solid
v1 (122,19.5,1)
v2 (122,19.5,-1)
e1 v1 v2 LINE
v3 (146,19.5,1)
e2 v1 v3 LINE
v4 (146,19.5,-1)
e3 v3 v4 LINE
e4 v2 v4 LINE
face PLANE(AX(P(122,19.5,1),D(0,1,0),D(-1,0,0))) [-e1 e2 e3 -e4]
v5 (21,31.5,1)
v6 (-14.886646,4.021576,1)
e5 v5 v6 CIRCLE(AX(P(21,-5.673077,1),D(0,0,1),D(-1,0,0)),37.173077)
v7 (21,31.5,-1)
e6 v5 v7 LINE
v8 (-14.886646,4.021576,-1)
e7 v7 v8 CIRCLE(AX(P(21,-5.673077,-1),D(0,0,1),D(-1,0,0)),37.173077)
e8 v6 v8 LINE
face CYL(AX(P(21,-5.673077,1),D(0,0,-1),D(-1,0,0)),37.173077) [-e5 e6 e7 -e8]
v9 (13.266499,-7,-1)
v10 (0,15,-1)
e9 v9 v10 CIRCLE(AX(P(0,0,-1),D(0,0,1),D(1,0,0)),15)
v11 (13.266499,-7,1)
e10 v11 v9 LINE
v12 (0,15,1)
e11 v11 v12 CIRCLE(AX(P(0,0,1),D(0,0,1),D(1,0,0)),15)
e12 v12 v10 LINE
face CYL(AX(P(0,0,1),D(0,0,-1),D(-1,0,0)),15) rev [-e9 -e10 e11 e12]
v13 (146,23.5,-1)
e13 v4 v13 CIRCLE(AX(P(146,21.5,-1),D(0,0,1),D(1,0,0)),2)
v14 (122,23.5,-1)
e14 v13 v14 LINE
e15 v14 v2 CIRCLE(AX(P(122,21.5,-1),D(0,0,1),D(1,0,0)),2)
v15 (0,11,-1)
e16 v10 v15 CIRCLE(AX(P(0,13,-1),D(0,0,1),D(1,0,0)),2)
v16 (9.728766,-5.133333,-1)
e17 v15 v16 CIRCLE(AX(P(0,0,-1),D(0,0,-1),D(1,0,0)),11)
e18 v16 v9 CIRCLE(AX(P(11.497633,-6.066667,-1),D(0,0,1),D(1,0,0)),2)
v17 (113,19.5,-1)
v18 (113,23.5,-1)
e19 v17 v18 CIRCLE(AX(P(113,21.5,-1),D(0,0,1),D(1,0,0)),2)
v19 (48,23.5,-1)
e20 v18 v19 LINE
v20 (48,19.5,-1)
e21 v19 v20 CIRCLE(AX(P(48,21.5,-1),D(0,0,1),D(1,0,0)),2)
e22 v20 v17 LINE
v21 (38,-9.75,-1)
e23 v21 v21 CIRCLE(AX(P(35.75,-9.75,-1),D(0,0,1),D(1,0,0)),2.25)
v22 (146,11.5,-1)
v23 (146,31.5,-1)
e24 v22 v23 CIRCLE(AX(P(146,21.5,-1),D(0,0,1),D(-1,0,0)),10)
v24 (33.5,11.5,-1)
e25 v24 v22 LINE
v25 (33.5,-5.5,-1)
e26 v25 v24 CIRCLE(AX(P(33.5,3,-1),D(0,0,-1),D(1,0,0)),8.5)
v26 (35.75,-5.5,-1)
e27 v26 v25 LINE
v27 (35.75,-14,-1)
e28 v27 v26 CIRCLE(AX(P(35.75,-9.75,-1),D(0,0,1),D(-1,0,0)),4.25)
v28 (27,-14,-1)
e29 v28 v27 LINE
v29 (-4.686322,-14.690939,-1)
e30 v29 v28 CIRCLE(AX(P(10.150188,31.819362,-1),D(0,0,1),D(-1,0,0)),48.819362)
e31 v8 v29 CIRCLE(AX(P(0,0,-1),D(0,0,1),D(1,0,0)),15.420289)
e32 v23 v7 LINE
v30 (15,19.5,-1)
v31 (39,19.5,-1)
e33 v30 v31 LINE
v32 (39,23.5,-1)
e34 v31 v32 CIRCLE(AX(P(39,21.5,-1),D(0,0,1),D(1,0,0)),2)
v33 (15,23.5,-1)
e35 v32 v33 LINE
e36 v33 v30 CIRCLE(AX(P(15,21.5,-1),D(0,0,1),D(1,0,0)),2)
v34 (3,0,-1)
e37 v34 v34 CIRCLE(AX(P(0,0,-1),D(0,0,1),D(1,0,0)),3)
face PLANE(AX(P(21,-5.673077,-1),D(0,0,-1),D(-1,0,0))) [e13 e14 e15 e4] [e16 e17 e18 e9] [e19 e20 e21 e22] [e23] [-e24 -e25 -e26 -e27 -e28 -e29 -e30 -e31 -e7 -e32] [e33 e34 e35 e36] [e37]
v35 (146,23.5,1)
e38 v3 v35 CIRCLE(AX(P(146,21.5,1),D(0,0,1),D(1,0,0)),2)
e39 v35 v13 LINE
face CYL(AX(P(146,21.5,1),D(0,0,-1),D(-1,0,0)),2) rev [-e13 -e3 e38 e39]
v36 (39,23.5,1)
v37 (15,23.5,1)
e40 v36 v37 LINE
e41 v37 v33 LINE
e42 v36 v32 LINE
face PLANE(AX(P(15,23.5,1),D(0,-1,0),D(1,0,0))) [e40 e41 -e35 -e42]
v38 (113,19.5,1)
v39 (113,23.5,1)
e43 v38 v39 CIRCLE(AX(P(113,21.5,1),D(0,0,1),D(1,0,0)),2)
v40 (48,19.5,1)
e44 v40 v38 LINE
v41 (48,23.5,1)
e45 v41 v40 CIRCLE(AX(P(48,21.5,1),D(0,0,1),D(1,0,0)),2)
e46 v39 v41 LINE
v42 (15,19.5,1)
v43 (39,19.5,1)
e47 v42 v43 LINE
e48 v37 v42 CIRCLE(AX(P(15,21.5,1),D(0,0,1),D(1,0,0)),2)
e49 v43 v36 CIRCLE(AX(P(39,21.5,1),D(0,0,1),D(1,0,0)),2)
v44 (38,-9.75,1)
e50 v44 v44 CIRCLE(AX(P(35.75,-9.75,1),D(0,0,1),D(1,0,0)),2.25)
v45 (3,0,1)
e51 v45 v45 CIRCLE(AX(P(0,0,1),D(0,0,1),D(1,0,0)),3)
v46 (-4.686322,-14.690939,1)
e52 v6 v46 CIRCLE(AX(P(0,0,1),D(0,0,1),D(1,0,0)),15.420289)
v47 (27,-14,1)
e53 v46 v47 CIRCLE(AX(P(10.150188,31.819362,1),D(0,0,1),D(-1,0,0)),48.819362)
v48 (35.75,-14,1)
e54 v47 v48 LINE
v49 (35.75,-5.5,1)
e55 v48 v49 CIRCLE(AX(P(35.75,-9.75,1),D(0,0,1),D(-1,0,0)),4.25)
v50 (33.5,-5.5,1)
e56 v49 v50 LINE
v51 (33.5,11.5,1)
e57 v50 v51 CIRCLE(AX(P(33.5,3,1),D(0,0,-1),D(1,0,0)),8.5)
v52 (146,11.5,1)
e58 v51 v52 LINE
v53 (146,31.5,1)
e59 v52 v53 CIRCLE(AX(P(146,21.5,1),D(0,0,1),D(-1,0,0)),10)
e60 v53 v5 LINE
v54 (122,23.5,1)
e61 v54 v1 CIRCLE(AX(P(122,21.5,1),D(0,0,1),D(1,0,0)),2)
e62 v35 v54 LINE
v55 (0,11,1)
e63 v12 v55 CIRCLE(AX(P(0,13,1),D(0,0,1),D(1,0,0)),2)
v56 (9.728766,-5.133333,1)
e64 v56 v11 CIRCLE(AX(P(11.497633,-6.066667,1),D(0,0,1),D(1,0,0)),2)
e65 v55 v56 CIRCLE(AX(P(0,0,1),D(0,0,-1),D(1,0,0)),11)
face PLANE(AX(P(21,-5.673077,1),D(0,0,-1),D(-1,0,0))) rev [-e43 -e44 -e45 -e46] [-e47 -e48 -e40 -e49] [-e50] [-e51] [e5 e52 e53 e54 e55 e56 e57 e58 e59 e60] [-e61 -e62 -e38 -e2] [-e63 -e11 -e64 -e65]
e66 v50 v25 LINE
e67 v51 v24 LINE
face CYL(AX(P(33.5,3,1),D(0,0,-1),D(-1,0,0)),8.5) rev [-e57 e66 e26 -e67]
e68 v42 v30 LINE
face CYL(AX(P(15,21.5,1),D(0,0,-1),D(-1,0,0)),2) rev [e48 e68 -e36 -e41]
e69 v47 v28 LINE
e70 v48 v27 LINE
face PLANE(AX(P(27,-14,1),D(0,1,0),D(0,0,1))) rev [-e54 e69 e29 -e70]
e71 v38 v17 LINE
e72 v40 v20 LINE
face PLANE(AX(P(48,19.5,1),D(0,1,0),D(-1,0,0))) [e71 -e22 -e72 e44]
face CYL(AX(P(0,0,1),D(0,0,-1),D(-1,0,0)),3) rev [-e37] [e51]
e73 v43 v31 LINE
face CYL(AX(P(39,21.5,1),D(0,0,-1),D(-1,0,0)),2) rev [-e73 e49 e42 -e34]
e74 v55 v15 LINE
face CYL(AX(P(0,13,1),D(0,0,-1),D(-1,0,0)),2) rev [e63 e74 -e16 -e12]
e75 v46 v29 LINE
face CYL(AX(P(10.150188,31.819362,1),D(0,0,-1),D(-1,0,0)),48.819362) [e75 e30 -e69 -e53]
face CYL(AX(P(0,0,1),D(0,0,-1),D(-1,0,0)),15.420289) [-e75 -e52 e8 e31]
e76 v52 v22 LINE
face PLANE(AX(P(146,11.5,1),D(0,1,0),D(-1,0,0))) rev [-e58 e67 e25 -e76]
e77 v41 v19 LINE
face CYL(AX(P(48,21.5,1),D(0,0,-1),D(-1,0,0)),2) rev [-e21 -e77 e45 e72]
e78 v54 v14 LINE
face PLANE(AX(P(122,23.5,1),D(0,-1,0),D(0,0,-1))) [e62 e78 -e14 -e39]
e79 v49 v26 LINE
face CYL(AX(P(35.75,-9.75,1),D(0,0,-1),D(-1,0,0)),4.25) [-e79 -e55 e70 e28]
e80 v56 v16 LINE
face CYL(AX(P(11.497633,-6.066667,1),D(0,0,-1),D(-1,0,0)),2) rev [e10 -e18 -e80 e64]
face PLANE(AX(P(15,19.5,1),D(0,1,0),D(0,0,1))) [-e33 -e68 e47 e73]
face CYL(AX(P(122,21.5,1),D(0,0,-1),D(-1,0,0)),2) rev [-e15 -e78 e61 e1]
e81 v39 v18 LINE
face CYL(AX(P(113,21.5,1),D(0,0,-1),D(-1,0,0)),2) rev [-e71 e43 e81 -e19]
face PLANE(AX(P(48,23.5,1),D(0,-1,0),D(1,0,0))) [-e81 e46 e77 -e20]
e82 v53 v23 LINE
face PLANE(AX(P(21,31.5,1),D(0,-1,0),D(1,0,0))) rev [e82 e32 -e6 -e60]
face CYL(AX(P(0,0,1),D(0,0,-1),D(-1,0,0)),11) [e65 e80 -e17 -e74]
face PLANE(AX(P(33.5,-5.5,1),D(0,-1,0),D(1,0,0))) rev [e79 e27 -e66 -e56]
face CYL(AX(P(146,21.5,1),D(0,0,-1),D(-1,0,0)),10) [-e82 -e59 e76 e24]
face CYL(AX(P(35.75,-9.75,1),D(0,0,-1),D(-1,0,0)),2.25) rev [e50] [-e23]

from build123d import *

# Parameters (mm, degrees)
ESQUISSE1_R        = 2.25
ESQUISSE1_R_2      = 3
BOSS_EXTRU_1_DEPTH = 1


with BuildPart() as part:
    # Esquisse1 → Boss.-Extru.1 (new, symmetric)
    with BuildSketch(Plane.XY):
        with BuildLine():
            Line((21, 31.5), (146, 31.5))
            ThreePointArc((146, 31.5), (156, 21.5), (146, 11.5))
            Line((146, 11.5), (33.5, 11.5))
            ThreePointArc((33.5, 11.5), (25, 3), (33.5, -5.5))
            Line((33.5, -5.5), (35.75, -5.5))
            ThreePointArc((35.75, -5.5), (40, -9.75), (35.75, -14))
            Line((35.75, -14), (27, -14))
            ThreePointArc((27, -14), (11.214469473, -16.988397735), (-4.686322253, -14.690938802))
            ThreePointArc((-4.686322253, -14.690938802), (-13.539380352, -7.380411831), (-14.886645987, 4.02157561))
            ThreePointArc((-14.886645987, 4.02157561), (-1.599309542, 23.841476371), (21, 31.5))
        make_face()
        with Locations((35.75, -9.75)):
            Circle(ESQUISSE1_R, mode=Mode.SUBTRACT)
        Circle(ESQUISSE1_R_2, mode=Mode.SUBTRACT)
        with BuildLine():
            Line((15, 23.5), (39, 23.5))
            ThreePointArc((39, 23.5), (41, 21.5), (39, 19.5))
            Line((39, 19.5), (15, 19.5))
            ThreePointArc((15, 19.5), (13, 21.5), (15, 23.5))
        make_face(mode=Mode.SUBTRACT)
        with BuildLine():
            Line((48, 23.5), (113, 23.5))
            ThreePointArc((113, 23.5), (115, 21.5), (113, 19.5))
            Line((113, 19.5), (48, 19.5))
            ThreePointArc((48, 19.5), (46, 21.5), (48, 23.5))
        make_face(mode=Mode.SUBTRACT)
        with BuildLine():
            Line((122, 23.5), (146, 23.5))
            ThreePointArc((146, 23.5), (148, 21.5), (146, 19.5))
            Line((146, 19.5), (122, 19.5))
            ThreePointArc((122, 19.5), (120, 21.5), (122, 23.5))
        make_face(mode=Mode.SUBTRACT)
        with BuildLine():
            ThreePointArc((13.266499161, -7), (12.845232579, 7.745966692), (0, 15))
            ThreePointArc((0, 15), (-2, 13), (0, 11))
            ThreePointArc((0, 11), (9.419837224, 5.680375574), (9.728766052, -5.133333333))
            ThreePointArc((9.728766052, -5.133333333), (10.564299273, -7.835533222), (13.266499161, -7))
        make_face(mode=Mode.SUBTRACT)
    extrude(amount=BOSS_EXTRU_1_DEPTH, both=True)


solid = part.part
